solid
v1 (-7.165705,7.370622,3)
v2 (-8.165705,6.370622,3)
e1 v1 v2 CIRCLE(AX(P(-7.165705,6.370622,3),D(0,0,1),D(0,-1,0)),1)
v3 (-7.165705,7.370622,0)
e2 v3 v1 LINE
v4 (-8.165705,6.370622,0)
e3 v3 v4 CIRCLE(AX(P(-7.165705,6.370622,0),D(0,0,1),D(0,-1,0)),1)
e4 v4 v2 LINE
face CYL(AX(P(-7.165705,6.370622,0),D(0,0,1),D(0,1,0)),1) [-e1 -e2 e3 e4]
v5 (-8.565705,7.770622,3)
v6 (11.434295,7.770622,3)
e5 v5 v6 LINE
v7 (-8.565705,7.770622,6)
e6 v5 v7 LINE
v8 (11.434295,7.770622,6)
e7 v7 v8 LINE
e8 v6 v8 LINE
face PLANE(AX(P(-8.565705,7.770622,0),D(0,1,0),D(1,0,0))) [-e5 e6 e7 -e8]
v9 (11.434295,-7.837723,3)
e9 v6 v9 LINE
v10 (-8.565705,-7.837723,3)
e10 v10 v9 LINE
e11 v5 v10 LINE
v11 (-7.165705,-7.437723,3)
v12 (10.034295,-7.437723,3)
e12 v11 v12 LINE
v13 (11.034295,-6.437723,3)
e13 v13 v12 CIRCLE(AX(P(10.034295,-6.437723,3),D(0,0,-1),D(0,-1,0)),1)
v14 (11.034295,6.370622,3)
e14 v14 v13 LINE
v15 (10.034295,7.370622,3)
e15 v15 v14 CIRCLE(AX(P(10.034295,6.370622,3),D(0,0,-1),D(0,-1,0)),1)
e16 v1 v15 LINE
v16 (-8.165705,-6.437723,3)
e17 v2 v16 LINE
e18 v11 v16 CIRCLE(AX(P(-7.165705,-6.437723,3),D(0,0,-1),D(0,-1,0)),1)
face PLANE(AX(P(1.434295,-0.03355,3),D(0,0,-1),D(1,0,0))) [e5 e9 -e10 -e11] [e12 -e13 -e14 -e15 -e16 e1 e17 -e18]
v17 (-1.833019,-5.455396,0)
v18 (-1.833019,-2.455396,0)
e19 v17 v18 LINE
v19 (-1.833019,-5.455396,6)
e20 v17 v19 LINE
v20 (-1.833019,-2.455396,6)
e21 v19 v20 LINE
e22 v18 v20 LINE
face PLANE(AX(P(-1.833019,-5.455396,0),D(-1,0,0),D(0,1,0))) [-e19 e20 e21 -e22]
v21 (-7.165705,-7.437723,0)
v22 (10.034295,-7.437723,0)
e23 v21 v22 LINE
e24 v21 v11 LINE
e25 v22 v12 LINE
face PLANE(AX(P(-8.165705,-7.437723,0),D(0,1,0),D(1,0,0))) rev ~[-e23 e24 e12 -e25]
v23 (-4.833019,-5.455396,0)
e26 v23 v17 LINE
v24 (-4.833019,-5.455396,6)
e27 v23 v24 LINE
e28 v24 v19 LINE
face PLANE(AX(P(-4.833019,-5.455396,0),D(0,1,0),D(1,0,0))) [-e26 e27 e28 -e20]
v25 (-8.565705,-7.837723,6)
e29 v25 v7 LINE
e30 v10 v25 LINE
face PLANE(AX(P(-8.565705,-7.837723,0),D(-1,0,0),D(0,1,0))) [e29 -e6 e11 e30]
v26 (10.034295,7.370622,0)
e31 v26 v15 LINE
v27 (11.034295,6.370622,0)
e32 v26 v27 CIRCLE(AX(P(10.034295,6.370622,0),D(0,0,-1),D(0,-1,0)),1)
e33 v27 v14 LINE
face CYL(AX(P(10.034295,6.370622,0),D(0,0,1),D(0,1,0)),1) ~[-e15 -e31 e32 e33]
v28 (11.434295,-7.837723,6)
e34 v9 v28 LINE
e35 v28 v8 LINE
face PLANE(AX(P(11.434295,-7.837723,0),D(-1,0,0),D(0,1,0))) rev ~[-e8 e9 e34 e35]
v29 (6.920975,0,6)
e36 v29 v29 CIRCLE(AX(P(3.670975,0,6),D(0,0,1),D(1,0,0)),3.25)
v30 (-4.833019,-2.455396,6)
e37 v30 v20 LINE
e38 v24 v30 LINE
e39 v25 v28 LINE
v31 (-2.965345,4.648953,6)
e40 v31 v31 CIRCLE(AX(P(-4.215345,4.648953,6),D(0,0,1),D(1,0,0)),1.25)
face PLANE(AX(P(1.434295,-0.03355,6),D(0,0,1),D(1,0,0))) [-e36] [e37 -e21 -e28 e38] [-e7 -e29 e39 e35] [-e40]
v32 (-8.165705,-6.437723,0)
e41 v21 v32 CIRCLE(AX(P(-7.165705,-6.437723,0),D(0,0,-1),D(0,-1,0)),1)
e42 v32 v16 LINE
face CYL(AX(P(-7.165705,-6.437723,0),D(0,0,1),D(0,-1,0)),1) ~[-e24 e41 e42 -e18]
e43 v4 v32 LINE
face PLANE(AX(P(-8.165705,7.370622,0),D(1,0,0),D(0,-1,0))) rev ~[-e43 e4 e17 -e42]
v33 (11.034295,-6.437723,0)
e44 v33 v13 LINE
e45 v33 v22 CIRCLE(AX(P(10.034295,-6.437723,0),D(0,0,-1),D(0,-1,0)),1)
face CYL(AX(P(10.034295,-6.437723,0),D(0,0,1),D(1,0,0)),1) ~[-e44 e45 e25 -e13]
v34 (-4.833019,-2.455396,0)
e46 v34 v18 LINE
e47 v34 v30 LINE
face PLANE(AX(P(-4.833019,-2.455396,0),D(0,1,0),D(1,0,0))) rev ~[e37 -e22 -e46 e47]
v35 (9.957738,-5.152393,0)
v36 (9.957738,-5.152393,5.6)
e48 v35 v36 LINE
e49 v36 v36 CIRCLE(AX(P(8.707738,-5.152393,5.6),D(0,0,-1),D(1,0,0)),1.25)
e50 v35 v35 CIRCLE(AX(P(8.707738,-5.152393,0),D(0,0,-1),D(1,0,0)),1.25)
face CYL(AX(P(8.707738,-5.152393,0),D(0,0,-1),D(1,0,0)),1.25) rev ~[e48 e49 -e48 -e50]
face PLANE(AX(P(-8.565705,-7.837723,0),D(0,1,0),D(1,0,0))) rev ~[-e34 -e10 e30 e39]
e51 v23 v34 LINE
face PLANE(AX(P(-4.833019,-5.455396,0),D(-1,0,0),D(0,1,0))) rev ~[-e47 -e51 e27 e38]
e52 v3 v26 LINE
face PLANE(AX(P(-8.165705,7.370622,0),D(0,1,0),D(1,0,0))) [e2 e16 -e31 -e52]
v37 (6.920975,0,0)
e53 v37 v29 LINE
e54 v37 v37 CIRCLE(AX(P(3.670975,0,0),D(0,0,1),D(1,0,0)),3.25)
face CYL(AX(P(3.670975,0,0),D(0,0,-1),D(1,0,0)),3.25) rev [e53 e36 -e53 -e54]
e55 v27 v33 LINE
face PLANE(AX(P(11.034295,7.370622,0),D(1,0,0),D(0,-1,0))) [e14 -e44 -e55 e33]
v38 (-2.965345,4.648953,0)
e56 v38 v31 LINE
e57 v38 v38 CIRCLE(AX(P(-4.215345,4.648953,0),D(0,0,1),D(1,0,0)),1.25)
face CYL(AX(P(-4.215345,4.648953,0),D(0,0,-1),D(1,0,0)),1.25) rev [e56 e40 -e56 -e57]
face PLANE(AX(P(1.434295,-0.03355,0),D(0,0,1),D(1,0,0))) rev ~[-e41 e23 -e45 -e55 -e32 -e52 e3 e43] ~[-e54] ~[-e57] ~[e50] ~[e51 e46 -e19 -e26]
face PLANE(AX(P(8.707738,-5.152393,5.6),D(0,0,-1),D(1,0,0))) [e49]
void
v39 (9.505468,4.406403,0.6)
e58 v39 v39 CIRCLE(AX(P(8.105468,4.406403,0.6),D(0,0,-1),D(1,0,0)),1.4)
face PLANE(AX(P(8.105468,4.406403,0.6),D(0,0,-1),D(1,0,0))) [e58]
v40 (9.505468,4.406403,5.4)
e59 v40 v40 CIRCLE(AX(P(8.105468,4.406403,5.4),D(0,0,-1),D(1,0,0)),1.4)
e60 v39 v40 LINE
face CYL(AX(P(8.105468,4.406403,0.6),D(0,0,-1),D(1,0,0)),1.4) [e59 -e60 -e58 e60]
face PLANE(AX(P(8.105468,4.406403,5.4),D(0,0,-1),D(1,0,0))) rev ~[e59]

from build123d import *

# Parameters (mm, degrees)
F0_W     = 20
F0_H     = 15.6083446927
F0_W_2   = 3
F0_H_2   = 3
F0_R     = 1.25
F0_R_2   = 3.25
F1_DEPTH = 6
F2_R     = 1.25
F3_DEPTH = 5.6
F4_W     = 20
F4_H     = 15.6083446927
F4_W_2   = 19.2
F4_H_2   = 14.8083446927
F5_DEPTH = 3
F7_START = -0.6
F6_R     = 1.4
F7_DEPTH = 4.8
F8_R     = 1


with BuildPart() as f1:
    # F0 (on Top) → F1 (new body)
    with BuildSketch(Plane.XY):
        with Locations((1.4342954904, -0.0335501973)):
            Rectangle(F0_W, F0_H)
        with Locations((-3.3330191961, -3.9553961381)):
            Rectangle(F0_W_2, F0_H_2, mode=Mode.SUBTRACT)
        with Locations((-4.2153447866, 4.6489532106)):
            Circle(F0_R, mode=Mode.SUBTRACT)
        with Locations((3.6709753331, 0)):
            Circle(F0_R_2, mode=Mode.SUBTRACT)
    extrude(amount=F1_DEPTH)

    # F2 (on face) → F3 (cut)
    with BuildSketch(Plane(origin=(0, 0, 0), x_dir=(1, 0, 0), z_dir=(0, 0, -1))):
        with Locations((8.7077384815, 5.1523931324)):
            Circle(F2_R)
    extrude(amount=-F3_DEPTH, mode=Mode.SUBTRACT)

    # F4 (on face) → F5 (cut)
    with BuildSketch(Plane(origin=(0, 0, 0), x_dir=(1, 0, 0), z_dir=(0, 0, -1))):
        with Locations((1.4342954904, 0.0335501973)):
            Rectangle(F4_W, F4_H)
        with Locations((1.4342954904, 0.0335501973)):
            Rectangle(F4_W_2, F4_H_2, mode=Mode.SUBTRACT)
    extrude(amount=-F5_DEPTH, mode=Mode.SUBTRACT)

    # F6 (on face) → F7 (cut)
    with BuildSketch(Plane(origin=(0, 0, 0), x_dir=(1, 0, 0), z_dir=(0, 0, -1)).offset(F7_START)):
        with Locations((8.1054680049, -4.4064032845)):
            Circle(F6_R)
    extrude(amount=-F7_DEPTH, mode=Mode.SUBTRACT)

    # F8
    f8_edges = [f1.edges().sort_by_distance(p)[0] for p in [
        (11.034295, 7.370622, 1.5),
        (-8.165705, 7.370622, 1.5),
        (-8.165705, -7.437723, 1.5),
        (11.034295, -7.437723, 1.5),
    ]]
    fillet(f8_edges, radius=F8_R)


solid = f1.part
